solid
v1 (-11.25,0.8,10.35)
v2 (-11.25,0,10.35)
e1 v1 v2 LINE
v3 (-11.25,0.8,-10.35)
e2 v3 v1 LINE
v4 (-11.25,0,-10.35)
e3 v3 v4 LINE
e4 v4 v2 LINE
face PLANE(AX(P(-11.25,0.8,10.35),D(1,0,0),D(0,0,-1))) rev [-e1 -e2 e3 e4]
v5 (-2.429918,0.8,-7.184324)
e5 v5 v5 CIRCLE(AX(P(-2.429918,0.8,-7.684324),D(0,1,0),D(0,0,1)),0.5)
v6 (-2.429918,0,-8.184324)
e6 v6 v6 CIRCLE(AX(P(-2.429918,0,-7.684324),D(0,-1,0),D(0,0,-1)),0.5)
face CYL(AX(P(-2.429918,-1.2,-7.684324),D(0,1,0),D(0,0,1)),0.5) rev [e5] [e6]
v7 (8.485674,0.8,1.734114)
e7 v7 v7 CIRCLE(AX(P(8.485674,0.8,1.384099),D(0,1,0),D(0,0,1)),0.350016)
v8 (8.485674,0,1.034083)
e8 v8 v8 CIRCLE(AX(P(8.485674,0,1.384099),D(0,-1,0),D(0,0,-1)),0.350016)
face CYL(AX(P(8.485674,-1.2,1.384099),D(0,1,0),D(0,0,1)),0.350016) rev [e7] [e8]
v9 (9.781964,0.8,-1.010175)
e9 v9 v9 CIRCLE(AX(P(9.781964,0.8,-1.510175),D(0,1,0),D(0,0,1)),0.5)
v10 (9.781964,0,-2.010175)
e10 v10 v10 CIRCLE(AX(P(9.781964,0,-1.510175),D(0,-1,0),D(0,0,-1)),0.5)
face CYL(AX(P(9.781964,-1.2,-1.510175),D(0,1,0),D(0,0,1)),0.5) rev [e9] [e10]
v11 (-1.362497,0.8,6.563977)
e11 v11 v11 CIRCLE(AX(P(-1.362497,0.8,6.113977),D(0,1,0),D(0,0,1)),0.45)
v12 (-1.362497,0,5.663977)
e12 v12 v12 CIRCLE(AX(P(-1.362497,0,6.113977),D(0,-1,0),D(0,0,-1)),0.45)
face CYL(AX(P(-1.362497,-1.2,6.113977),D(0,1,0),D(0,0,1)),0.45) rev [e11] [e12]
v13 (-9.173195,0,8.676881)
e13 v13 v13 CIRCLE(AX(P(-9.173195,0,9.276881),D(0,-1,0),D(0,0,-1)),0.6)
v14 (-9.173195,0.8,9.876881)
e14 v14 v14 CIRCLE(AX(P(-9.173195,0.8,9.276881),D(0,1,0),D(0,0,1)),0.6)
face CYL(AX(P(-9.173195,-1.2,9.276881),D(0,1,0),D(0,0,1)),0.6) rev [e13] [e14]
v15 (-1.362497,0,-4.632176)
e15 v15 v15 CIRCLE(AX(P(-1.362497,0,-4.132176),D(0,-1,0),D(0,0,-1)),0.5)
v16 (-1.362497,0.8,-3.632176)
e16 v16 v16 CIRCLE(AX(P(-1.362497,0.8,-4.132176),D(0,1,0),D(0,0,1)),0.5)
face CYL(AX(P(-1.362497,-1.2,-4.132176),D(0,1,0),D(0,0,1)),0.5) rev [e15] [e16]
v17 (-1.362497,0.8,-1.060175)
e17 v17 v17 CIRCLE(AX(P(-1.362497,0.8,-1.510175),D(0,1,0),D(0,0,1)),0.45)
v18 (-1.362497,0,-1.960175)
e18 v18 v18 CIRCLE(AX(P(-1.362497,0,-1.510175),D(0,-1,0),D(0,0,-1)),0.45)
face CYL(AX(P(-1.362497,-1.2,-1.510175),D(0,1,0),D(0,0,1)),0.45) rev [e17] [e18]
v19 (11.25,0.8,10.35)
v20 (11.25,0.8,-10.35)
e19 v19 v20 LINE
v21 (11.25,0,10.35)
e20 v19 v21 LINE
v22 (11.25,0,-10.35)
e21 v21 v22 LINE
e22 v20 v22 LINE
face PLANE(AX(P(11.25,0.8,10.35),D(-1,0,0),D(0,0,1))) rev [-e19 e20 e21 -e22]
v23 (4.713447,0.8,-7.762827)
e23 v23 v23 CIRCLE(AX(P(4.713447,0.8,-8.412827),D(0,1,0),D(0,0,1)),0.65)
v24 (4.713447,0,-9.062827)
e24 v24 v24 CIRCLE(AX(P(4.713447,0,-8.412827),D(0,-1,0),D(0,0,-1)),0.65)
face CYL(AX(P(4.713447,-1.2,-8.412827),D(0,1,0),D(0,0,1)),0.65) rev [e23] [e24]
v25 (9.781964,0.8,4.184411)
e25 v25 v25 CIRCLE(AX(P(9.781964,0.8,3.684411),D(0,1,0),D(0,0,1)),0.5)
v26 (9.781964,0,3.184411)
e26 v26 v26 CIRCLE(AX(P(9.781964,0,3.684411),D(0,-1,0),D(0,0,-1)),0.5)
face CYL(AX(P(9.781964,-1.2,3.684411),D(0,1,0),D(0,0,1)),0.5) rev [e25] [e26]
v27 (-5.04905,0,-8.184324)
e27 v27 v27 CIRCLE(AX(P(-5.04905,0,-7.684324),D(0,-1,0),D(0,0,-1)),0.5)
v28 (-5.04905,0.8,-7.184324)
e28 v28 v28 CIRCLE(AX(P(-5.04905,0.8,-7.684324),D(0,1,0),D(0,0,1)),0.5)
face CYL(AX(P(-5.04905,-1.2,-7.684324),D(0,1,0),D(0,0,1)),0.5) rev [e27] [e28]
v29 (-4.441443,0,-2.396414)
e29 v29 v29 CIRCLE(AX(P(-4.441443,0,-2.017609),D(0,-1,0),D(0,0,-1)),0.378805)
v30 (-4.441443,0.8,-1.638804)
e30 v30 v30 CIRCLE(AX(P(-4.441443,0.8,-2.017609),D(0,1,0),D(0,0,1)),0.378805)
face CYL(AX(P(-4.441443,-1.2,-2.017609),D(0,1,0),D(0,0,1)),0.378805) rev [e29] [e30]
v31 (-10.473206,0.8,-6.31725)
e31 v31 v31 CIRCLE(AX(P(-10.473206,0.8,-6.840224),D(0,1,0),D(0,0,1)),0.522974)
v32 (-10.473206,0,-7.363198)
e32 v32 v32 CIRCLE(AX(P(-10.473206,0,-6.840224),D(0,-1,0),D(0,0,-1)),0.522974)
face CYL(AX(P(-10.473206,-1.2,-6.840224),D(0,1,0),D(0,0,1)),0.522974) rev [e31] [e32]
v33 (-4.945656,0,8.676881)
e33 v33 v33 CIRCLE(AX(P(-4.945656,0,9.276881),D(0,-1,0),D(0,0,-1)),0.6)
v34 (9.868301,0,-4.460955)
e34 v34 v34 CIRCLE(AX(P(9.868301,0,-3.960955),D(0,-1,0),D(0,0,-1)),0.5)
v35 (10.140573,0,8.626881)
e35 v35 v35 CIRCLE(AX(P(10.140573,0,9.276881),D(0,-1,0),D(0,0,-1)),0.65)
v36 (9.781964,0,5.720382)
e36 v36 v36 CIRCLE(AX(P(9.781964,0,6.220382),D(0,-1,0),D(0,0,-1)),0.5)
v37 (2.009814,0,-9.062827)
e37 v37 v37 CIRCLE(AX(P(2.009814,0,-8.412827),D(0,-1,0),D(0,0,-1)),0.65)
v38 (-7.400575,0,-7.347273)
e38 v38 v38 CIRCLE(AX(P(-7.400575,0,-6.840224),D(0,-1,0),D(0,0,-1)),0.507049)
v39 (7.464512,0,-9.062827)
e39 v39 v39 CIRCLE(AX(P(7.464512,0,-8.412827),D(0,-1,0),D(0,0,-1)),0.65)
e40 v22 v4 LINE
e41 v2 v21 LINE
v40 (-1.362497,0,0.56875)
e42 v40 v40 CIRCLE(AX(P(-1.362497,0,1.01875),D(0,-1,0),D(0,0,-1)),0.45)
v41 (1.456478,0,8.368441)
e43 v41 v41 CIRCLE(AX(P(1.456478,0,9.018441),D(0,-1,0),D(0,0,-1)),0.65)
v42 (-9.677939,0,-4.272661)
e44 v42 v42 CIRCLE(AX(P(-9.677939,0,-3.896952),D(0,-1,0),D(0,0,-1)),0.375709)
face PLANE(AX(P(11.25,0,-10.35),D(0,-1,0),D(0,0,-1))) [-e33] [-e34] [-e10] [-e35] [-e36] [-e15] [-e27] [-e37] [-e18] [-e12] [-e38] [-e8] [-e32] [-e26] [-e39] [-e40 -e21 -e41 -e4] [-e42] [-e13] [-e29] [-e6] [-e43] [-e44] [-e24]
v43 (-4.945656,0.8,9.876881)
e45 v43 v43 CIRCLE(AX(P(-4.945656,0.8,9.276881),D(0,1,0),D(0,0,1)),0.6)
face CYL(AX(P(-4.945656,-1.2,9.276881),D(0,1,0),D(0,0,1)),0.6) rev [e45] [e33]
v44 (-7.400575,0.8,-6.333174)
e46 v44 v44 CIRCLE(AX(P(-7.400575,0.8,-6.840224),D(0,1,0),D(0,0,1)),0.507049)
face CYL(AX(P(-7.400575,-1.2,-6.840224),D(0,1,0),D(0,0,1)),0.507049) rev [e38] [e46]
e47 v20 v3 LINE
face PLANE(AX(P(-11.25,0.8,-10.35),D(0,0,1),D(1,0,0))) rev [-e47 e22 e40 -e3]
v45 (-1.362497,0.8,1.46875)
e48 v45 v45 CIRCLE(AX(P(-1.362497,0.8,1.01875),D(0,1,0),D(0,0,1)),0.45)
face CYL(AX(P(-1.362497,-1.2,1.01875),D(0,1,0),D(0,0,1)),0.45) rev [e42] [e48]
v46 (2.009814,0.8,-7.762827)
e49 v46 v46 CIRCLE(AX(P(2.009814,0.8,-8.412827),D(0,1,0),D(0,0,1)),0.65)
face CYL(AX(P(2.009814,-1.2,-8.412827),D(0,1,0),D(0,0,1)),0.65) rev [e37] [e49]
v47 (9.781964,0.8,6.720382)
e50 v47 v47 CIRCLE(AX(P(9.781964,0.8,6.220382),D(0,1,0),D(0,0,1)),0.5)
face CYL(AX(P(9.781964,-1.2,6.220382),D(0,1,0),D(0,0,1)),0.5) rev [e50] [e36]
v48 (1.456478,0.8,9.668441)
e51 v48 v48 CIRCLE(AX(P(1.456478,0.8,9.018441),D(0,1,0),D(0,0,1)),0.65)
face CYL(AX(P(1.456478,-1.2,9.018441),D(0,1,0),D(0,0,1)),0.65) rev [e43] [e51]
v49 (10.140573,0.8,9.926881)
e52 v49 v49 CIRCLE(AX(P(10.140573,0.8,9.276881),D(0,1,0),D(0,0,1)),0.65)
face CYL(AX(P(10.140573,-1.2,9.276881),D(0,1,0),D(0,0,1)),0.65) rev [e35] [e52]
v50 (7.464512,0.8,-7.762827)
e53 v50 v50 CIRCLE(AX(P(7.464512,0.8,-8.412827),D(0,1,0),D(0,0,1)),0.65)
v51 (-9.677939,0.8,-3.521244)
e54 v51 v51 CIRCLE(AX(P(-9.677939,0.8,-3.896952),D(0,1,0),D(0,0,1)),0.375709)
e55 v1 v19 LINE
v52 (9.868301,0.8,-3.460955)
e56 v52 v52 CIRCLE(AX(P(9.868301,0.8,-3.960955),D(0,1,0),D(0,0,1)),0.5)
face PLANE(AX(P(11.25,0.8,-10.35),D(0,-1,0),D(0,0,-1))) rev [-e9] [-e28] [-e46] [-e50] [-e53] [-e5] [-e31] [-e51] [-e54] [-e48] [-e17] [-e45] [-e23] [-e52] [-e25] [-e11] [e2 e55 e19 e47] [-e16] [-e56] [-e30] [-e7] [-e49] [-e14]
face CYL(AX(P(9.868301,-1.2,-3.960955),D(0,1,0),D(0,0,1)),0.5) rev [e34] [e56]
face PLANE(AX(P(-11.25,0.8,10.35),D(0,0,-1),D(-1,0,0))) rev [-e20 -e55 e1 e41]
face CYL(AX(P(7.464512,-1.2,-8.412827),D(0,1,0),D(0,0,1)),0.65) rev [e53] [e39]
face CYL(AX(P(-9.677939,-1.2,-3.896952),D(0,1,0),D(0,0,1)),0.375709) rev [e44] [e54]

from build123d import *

# Parameters (mm, degrees)
ESBO_O1_W                = 22.5
ESBO_O1_H                = 20.7
RESSALTO_EXTRUS_O1_DEPTH = 0.8
ESBO_O2_R                = 0.5
ESBO_O2_R_2              = 0.65
ESBO_O2_R_3              = 0.45
ESBO_O2_R_4              = 0.507049464
ESBO_O2_R_5              = 0.6
ESBO_O2_R_6              = 0.375708805
ESBO_O2_R_7              = 0.378805018
ESBO_O2_R_8              = 0.350015613
ESBO_O2_R_9              = 0.522974081
CORTE_EXTRUS_O1_DEPTH    = 2


with BuildPart() as part:
    # Esboço1 → Ressalto-extrusão1 (new body)
    with BuildSketch(Plane(origin=(0, 0, 0), x_dir=(1, 0, 0), z_dir=(0, 1, 0))):
        Rectangle(ESBO_O1_W, ESBO_O1_H)
    extrude(amount=RESSALTO_EXTRUS_O1_DEPTH)

    # Esboço2 → Corte-extrusão1 (cut)
    with BuildSketch(Plane(origin=(0, 0.8, 0), x_dir=(1, 0, 0), z_dir=(0, 1, 0))):
        with Locations(Location((-1.362497423, 4.13217589, 0), (0, 0, 270))):
            Circle(ESBO_O2_R)
        with Locations(Location((9.781964431, 1.510174659, 0), (0, 0, 270))):
            Circle(ESBO_O2_R)
        with Locations(Location((9.781964431, -3.684410863, 0), (0, 0, 270))):
            Circle(ESBO_O2_R)
        with Locations(Location((9.781964431, -6.220381714, 0), (0, 0, 270))):
            Circle(ESBO_O2_R)
        with Locations(Location((10.140573187, -9.276881362, 0), (0, 0, 270))):
            Circle(ESBO_O2_R_2)
        with Locations(Location((1.456478245, -9.018440966, 0), (0, 0, 270))):
            Circle(ESBO_O2_R_2)
        with Locations(Location((-5.049050046, 7.684323928, 0), (0, 0, 270))):
            Circle(ESBO_O2_R)
        with Locations(Location((-2.429917945, 7.684323928, 0), (0, 0, 270))):
            Circle(ESBO_O2_R)
        with Locations(Location((-1.362497423, -6.113976729, 0), (0, 0, 270))):
            Circle(ESBO_O2_R_3)
        with Locations(Location((9.868300548, 3.960954596, 0), (0, 0, 270))):
            Circle(ESBO_O2_R)
        with Locations(Location((-1.362497423, 1.510174659, 0), (0, 0, 270))):
            Circle(ESBO_O2_R_3)
        with Locations(Location((-1.362497423, -1.018750271, 0), (0, 0, 270))):
            Circle(ESBO_O2_R_3)
        with Locations(Location((2.009813707, 8.41282711, 0), (0, 0, 270))):
            Circle(ESBO_O2_R_2)
        with Locations(Location((4.713446832, 8.41282711, 0), (0, 0, 270))):
            Circle(ESBO_O2_R_2)
        with Locations(Location((7.464512117, 8.41282711, 0), (0, 0, 270))):
            Circle(ESBO_O2_R_2)
        with Locations(Location((-7.40057526, 6.840223885, 0), (0, 0, 270))):
            Circle(ESBO_O2_R_4)
        with Locations(Location((-9.173194548, -9.276881362, 0), (0, 0, 270))):
            Circle(ESBO_O2_R_5)
        with Locations(Location((-4.945655629, -9.276881362, 0), (0, 0, 270))):
            Circle(ESBO_O2_R_5)
        with Locations(Location((-9.677939464, 3.896952444, 0), (0, 0, 270))):
            Circle(ESBO_O2_R_6)
        with Locations(Location((-4.441443384, 2.017609351, 0), (0, 0, 270))):
            Circle(ESBO_O2_R_7)
        with Locations(Location((8.485674085, -1.384098552, 0), (0, 0, 270))):
            Circle(ESBO_O2_R_8)
        with Locations(Location((-10.473206437, 6.840223885, 0), (0, 0, 270))):
            Circle(ESBO_O2_R_9)
    extrude(amount=-CORTE_EXTRUS_O1_DEPTH, mode=Mode.SUBTRACT)


solid = part.part
